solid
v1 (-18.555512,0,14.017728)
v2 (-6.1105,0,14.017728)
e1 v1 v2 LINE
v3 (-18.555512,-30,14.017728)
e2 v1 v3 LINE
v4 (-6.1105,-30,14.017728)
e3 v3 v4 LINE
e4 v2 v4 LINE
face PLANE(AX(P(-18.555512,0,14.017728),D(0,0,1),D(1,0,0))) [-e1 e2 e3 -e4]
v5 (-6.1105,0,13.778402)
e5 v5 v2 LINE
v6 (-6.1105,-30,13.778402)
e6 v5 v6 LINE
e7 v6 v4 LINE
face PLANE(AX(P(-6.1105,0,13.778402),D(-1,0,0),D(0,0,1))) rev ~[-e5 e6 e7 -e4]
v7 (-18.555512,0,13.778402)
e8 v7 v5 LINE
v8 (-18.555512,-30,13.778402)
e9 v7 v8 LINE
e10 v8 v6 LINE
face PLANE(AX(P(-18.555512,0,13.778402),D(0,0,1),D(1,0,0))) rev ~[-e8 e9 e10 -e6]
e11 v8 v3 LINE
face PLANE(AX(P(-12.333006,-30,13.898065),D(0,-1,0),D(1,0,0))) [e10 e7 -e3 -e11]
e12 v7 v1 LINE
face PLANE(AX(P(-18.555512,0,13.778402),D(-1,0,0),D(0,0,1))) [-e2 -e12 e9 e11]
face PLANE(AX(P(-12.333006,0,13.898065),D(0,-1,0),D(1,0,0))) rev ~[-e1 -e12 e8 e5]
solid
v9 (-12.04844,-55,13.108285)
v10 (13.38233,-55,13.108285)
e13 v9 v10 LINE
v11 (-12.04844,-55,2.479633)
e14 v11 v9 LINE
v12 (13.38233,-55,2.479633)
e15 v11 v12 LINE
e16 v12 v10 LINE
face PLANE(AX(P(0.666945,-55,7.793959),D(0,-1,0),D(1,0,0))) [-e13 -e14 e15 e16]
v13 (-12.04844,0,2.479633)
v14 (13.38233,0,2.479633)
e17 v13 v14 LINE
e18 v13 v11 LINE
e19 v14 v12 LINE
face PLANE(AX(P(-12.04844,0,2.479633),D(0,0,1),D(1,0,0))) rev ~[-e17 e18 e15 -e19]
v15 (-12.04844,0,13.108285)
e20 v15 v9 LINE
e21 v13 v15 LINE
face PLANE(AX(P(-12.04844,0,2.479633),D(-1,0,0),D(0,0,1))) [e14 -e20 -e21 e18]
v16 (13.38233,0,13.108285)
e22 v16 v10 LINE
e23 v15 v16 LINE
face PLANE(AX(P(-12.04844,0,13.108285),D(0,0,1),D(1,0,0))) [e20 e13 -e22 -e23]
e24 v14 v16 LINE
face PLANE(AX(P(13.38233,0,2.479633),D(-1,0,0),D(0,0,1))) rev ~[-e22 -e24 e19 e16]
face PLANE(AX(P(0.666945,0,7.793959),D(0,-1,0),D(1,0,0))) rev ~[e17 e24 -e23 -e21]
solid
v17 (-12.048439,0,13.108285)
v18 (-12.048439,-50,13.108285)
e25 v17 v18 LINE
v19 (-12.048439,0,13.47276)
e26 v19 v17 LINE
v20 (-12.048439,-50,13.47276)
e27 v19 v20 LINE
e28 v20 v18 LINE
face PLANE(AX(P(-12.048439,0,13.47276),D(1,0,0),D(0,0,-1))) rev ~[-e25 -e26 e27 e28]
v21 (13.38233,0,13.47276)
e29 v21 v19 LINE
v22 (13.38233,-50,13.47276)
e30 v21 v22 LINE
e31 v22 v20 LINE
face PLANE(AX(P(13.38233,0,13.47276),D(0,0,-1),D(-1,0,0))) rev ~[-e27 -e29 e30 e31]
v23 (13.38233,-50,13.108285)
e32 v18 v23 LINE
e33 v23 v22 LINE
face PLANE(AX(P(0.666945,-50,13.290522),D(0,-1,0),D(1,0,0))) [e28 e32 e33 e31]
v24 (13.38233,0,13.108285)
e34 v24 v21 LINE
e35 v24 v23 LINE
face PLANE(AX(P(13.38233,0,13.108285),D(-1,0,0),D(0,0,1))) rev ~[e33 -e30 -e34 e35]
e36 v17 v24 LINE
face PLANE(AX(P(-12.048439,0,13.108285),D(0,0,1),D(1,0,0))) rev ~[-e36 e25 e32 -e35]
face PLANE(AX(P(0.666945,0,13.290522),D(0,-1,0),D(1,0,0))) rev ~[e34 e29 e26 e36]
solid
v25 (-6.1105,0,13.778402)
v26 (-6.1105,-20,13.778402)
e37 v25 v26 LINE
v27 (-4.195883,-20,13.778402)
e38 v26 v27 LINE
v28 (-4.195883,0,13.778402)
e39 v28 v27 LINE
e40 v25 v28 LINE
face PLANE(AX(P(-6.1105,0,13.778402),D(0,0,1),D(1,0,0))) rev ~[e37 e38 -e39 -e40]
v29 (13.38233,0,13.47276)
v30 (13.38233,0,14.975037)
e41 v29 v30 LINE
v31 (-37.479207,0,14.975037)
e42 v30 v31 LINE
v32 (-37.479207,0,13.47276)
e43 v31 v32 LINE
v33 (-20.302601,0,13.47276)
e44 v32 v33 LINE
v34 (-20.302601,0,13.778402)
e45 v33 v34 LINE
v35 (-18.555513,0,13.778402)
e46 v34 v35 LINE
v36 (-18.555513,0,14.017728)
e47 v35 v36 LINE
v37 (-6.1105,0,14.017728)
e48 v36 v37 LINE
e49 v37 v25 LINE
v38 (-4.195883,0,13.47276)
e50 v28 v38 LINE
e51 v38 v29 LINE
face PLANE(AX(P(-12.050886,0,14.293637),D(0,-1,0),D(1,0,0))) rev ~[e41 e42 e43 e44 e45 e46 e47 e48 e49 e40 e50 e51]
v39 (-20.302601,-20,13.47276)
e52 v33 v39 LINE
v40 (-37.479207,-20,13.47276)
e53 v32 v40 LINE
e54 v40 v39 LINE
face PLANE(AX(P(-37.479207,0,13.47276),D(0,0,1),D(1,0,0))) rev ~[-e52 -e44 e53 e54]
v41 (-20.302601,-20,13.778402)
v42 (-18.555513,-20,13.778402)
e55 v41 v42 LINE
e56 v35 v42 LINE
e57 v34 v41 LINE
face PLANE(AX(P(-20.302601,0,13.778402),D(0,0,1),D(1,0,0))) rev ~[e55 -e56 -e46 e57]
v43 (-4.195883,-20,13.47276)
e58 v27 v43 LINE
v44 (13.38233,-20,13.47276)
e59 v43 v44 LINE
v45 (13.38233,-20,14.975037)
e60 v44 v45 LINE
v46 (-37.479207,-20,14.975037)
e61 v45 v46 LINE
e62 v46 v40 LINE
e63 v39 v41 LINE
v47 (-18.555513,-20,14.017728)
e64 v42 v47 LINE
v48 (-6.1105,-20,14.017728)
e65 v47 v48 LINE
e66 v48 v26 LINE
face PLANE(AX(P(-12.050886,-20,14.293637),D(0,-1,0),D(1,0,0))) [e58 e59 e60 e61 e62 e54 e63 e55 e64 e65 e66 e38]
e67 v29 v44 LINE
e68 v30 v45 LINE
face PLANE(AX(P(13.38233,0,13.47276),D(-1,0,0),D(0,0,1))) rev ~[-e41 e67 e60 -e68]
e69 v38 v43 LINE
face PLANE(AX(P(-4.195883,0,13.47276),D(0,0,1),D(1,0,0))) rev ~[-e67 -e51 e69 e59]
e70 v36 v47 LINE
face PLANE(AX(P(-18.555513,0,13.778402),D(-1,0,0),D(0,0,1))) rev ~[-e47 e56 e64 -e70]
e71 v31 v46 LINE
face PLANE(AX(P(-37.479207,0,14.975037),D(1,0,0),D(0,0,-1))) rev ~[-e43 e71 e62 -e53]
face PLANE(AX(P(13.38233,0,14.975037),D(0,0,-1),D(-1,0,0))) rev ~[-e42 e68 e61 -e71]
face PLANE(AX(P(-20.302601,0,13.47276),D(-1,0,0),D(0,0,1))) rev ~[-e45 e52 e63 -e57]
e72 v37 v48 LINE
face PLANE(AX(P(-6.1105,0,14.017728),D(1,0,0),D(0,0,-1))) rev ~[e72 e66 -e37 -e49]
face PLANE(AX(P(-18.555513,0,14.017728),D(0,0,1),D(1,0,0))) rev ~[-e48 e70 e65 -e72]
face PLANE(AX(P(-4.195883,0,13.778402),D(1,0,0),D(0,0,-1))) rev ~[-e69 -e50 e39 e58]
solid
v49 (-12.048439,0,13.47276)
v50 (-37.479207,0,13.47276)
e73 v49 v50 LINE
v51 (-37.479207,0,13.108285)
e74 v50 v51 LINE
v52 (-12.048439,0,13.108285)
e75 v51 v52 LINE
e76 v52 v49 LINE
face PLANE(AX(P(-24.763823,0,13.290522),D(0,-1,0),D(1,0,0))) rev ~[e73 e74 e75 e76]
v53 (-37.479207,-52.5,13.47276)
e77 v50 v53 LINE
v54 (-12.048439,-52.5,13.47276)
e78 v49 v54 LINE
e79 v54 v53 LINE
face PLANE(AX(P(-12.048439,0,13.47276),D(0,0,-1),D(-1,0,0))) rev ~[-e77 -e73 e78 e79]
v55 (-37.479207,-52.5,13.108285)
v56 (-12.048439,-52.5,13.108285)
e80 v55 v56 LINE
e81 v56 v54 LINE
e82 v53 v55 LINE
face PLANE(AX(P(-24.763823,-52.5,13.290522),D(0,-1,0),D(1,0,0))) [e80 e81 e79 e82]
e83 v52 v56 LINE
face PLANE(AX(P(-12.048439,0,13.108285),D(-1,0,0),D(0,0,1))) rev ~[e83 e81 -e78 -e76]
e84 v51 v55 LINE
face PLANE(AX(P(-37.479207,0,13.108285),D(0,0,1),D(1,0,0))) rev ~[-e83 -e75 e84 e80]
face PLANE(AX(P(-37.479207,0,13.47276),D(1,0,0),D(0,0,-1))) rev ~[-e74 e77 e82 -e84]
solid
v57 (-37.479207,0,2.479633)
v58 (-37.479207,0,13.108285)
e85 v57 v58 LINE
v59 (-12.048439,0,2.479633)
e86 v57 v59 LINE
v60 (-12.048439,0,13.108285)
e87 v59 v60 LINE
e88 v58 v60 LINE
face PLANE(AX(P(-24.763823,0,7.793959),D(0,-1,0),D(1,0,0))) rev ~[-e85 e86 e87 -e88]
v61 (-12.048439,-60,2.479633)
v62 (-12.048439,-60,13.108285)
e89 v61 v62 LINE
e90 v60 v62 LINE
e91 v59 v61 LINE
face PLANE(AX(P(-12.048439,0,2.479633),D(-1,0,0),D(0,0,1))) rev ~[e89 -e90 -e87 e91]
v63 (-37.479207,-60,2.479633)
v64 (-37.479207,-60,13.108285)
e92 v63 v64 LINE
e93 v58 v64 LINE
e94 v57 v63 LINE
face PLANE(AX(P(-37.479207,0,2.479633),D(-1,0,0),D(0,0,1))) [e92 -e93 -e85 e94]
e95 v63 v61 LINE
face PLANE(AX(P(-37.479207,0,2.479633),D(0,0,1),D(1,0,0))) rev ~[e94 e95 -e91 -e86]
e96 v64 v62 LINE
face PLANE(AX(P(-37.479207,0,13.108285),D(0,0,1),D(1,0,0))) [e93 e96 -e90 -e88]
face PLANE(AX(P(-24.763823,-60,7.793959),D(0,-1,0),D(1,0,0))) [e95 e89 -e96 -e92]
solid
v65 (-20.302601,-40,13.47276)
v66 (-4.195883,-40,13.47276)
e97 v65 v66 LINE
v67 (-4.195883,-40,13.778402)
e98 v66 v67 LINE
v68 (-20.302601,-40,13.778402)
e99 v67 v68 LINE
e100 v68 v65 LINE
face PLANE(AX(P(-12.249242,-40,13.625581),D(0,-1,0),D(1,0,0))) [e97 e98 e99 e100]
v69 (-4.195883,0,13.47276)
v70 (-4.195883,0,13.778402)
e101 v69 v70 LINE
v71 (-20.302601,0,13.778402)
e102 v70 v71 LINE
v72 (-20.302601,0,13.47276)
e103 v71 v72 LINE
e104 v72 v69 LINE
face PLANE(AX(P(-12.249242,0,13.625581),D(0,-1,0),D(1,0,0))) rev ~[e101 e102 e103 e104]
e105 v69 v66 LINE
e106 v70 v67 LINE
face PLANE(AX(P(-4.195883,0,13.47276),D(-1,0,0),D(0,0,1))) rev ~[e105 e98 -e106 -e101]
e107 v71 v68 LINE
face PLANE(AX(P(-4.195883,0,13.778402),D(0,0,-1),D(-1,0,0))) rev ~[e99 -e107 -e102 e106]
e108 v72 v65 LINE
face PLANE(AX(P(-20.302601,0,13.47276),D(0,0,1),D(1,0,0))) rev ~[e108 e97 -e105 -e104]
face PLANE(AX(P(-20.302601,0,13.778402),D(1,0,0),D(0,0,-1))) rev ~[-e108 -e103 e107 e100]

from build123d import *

# Parameters (mm, degrees)
F0_W     = 25.430768
F0_H     = 10.628652
F1_DEPTH = 60
F0_W_2   = 25.430769
F2_DEPTH = 55
F3_DEPTH = 50
F4_DEPTH = 52.5
F5_DEPTH = 40
F0_W_3   = 12.445013
F0_H_2   = 0.239326
F6_DEPTH = 30
F7_DEPTH = 20


with BuildPart() as f1:
    # F0 (on Front) → F1 (new body)
    with BuildSketch(Plane.XZ):
        with Locations((-24.763823, 7.793959)):
            Rectangle(F0_W, F0_H)
    extrude(amount=F1_DEPTH)


with BuildPart() as f2:
    # F0 (on Front) → F2 (new body)
    with BuildSketch(Plane.XZ):
        with Locations((0.666945, 7.793959)):
            Rectangle(F0_W_2, F0_H)
    extrude(amount=F2_DEPTH)


with BuildPart() as f3:
    # F0 (on Front) → F3 (new body)
    with BuildSketch(Plane.XZ):
        Polygon((-4.195883, 13.47276), (-12.048439, 13.47276), (-12.048439, 13.108285), (13.38233, 13.108285), (13.38233, 13.47276), align=None)
    extrude(amount=F3_DEPTH)


with BuildPart() as f4:
    # F0 (on Front) → F4 (new body)
    with BuildSketch(Plane.XZ):
        Polygon((-20.302601, 13.47276), (-37.479207, 13.47276), (-37.479207, 13.108285), (-12.048439, 13.108285), (-12.048439, 13.47276), align=None)
    extrude(amount=F4_DEPTH)


with BuildPart() as f5:
    # F0 (on Front) → F5 (new body)
    with BuildSketch(Plane.XZ):
        Polygon((-20.302601, 13.778402), (-20.302601, 13.47276), (-12.048439, 13.47276), (-4.195883, 13.47276), (-4.195883, 13.778402), (-6.1105, 13.778402), (-18.555513, 13.778402), align=None)
    extrude(amount=F5_DEPTH)


with BuildPart() as f6:
    # F0 (on Front) → F6 (new body)
    with BuildSketch(Plane.XZ):
        with Locations((-12.333006, 13.898065)):
            Rectangle(F0_W_3, F0_H_2)
    extrude(amount=F6_DEPTH)


with BuildPart() as f7:
    # F0 (on Front) → F7 (new body)
    with BuildSketch(Plane.XZ):
        Polygon((-37.479207, 14.975037), (-37.479207, 13.47276), (-20.302601, 13.47276), (-20.302601, 13.778402), (-18.555513, 13.778402), (-18.555513, 14.017728), (-6.1105, 14.017728), (-6.1105, 13.778402), (-4.195883, 13.778402), (-4.195883, 13.47276), (13.38233, 13.47276), (13.38233, 14.975037), align=None)
    extrude(amount=F7_DEPTH)


solid = Compound([f1.part, f2.part, f3.part, f4.part, f5.part, f6.part, f7.part])
